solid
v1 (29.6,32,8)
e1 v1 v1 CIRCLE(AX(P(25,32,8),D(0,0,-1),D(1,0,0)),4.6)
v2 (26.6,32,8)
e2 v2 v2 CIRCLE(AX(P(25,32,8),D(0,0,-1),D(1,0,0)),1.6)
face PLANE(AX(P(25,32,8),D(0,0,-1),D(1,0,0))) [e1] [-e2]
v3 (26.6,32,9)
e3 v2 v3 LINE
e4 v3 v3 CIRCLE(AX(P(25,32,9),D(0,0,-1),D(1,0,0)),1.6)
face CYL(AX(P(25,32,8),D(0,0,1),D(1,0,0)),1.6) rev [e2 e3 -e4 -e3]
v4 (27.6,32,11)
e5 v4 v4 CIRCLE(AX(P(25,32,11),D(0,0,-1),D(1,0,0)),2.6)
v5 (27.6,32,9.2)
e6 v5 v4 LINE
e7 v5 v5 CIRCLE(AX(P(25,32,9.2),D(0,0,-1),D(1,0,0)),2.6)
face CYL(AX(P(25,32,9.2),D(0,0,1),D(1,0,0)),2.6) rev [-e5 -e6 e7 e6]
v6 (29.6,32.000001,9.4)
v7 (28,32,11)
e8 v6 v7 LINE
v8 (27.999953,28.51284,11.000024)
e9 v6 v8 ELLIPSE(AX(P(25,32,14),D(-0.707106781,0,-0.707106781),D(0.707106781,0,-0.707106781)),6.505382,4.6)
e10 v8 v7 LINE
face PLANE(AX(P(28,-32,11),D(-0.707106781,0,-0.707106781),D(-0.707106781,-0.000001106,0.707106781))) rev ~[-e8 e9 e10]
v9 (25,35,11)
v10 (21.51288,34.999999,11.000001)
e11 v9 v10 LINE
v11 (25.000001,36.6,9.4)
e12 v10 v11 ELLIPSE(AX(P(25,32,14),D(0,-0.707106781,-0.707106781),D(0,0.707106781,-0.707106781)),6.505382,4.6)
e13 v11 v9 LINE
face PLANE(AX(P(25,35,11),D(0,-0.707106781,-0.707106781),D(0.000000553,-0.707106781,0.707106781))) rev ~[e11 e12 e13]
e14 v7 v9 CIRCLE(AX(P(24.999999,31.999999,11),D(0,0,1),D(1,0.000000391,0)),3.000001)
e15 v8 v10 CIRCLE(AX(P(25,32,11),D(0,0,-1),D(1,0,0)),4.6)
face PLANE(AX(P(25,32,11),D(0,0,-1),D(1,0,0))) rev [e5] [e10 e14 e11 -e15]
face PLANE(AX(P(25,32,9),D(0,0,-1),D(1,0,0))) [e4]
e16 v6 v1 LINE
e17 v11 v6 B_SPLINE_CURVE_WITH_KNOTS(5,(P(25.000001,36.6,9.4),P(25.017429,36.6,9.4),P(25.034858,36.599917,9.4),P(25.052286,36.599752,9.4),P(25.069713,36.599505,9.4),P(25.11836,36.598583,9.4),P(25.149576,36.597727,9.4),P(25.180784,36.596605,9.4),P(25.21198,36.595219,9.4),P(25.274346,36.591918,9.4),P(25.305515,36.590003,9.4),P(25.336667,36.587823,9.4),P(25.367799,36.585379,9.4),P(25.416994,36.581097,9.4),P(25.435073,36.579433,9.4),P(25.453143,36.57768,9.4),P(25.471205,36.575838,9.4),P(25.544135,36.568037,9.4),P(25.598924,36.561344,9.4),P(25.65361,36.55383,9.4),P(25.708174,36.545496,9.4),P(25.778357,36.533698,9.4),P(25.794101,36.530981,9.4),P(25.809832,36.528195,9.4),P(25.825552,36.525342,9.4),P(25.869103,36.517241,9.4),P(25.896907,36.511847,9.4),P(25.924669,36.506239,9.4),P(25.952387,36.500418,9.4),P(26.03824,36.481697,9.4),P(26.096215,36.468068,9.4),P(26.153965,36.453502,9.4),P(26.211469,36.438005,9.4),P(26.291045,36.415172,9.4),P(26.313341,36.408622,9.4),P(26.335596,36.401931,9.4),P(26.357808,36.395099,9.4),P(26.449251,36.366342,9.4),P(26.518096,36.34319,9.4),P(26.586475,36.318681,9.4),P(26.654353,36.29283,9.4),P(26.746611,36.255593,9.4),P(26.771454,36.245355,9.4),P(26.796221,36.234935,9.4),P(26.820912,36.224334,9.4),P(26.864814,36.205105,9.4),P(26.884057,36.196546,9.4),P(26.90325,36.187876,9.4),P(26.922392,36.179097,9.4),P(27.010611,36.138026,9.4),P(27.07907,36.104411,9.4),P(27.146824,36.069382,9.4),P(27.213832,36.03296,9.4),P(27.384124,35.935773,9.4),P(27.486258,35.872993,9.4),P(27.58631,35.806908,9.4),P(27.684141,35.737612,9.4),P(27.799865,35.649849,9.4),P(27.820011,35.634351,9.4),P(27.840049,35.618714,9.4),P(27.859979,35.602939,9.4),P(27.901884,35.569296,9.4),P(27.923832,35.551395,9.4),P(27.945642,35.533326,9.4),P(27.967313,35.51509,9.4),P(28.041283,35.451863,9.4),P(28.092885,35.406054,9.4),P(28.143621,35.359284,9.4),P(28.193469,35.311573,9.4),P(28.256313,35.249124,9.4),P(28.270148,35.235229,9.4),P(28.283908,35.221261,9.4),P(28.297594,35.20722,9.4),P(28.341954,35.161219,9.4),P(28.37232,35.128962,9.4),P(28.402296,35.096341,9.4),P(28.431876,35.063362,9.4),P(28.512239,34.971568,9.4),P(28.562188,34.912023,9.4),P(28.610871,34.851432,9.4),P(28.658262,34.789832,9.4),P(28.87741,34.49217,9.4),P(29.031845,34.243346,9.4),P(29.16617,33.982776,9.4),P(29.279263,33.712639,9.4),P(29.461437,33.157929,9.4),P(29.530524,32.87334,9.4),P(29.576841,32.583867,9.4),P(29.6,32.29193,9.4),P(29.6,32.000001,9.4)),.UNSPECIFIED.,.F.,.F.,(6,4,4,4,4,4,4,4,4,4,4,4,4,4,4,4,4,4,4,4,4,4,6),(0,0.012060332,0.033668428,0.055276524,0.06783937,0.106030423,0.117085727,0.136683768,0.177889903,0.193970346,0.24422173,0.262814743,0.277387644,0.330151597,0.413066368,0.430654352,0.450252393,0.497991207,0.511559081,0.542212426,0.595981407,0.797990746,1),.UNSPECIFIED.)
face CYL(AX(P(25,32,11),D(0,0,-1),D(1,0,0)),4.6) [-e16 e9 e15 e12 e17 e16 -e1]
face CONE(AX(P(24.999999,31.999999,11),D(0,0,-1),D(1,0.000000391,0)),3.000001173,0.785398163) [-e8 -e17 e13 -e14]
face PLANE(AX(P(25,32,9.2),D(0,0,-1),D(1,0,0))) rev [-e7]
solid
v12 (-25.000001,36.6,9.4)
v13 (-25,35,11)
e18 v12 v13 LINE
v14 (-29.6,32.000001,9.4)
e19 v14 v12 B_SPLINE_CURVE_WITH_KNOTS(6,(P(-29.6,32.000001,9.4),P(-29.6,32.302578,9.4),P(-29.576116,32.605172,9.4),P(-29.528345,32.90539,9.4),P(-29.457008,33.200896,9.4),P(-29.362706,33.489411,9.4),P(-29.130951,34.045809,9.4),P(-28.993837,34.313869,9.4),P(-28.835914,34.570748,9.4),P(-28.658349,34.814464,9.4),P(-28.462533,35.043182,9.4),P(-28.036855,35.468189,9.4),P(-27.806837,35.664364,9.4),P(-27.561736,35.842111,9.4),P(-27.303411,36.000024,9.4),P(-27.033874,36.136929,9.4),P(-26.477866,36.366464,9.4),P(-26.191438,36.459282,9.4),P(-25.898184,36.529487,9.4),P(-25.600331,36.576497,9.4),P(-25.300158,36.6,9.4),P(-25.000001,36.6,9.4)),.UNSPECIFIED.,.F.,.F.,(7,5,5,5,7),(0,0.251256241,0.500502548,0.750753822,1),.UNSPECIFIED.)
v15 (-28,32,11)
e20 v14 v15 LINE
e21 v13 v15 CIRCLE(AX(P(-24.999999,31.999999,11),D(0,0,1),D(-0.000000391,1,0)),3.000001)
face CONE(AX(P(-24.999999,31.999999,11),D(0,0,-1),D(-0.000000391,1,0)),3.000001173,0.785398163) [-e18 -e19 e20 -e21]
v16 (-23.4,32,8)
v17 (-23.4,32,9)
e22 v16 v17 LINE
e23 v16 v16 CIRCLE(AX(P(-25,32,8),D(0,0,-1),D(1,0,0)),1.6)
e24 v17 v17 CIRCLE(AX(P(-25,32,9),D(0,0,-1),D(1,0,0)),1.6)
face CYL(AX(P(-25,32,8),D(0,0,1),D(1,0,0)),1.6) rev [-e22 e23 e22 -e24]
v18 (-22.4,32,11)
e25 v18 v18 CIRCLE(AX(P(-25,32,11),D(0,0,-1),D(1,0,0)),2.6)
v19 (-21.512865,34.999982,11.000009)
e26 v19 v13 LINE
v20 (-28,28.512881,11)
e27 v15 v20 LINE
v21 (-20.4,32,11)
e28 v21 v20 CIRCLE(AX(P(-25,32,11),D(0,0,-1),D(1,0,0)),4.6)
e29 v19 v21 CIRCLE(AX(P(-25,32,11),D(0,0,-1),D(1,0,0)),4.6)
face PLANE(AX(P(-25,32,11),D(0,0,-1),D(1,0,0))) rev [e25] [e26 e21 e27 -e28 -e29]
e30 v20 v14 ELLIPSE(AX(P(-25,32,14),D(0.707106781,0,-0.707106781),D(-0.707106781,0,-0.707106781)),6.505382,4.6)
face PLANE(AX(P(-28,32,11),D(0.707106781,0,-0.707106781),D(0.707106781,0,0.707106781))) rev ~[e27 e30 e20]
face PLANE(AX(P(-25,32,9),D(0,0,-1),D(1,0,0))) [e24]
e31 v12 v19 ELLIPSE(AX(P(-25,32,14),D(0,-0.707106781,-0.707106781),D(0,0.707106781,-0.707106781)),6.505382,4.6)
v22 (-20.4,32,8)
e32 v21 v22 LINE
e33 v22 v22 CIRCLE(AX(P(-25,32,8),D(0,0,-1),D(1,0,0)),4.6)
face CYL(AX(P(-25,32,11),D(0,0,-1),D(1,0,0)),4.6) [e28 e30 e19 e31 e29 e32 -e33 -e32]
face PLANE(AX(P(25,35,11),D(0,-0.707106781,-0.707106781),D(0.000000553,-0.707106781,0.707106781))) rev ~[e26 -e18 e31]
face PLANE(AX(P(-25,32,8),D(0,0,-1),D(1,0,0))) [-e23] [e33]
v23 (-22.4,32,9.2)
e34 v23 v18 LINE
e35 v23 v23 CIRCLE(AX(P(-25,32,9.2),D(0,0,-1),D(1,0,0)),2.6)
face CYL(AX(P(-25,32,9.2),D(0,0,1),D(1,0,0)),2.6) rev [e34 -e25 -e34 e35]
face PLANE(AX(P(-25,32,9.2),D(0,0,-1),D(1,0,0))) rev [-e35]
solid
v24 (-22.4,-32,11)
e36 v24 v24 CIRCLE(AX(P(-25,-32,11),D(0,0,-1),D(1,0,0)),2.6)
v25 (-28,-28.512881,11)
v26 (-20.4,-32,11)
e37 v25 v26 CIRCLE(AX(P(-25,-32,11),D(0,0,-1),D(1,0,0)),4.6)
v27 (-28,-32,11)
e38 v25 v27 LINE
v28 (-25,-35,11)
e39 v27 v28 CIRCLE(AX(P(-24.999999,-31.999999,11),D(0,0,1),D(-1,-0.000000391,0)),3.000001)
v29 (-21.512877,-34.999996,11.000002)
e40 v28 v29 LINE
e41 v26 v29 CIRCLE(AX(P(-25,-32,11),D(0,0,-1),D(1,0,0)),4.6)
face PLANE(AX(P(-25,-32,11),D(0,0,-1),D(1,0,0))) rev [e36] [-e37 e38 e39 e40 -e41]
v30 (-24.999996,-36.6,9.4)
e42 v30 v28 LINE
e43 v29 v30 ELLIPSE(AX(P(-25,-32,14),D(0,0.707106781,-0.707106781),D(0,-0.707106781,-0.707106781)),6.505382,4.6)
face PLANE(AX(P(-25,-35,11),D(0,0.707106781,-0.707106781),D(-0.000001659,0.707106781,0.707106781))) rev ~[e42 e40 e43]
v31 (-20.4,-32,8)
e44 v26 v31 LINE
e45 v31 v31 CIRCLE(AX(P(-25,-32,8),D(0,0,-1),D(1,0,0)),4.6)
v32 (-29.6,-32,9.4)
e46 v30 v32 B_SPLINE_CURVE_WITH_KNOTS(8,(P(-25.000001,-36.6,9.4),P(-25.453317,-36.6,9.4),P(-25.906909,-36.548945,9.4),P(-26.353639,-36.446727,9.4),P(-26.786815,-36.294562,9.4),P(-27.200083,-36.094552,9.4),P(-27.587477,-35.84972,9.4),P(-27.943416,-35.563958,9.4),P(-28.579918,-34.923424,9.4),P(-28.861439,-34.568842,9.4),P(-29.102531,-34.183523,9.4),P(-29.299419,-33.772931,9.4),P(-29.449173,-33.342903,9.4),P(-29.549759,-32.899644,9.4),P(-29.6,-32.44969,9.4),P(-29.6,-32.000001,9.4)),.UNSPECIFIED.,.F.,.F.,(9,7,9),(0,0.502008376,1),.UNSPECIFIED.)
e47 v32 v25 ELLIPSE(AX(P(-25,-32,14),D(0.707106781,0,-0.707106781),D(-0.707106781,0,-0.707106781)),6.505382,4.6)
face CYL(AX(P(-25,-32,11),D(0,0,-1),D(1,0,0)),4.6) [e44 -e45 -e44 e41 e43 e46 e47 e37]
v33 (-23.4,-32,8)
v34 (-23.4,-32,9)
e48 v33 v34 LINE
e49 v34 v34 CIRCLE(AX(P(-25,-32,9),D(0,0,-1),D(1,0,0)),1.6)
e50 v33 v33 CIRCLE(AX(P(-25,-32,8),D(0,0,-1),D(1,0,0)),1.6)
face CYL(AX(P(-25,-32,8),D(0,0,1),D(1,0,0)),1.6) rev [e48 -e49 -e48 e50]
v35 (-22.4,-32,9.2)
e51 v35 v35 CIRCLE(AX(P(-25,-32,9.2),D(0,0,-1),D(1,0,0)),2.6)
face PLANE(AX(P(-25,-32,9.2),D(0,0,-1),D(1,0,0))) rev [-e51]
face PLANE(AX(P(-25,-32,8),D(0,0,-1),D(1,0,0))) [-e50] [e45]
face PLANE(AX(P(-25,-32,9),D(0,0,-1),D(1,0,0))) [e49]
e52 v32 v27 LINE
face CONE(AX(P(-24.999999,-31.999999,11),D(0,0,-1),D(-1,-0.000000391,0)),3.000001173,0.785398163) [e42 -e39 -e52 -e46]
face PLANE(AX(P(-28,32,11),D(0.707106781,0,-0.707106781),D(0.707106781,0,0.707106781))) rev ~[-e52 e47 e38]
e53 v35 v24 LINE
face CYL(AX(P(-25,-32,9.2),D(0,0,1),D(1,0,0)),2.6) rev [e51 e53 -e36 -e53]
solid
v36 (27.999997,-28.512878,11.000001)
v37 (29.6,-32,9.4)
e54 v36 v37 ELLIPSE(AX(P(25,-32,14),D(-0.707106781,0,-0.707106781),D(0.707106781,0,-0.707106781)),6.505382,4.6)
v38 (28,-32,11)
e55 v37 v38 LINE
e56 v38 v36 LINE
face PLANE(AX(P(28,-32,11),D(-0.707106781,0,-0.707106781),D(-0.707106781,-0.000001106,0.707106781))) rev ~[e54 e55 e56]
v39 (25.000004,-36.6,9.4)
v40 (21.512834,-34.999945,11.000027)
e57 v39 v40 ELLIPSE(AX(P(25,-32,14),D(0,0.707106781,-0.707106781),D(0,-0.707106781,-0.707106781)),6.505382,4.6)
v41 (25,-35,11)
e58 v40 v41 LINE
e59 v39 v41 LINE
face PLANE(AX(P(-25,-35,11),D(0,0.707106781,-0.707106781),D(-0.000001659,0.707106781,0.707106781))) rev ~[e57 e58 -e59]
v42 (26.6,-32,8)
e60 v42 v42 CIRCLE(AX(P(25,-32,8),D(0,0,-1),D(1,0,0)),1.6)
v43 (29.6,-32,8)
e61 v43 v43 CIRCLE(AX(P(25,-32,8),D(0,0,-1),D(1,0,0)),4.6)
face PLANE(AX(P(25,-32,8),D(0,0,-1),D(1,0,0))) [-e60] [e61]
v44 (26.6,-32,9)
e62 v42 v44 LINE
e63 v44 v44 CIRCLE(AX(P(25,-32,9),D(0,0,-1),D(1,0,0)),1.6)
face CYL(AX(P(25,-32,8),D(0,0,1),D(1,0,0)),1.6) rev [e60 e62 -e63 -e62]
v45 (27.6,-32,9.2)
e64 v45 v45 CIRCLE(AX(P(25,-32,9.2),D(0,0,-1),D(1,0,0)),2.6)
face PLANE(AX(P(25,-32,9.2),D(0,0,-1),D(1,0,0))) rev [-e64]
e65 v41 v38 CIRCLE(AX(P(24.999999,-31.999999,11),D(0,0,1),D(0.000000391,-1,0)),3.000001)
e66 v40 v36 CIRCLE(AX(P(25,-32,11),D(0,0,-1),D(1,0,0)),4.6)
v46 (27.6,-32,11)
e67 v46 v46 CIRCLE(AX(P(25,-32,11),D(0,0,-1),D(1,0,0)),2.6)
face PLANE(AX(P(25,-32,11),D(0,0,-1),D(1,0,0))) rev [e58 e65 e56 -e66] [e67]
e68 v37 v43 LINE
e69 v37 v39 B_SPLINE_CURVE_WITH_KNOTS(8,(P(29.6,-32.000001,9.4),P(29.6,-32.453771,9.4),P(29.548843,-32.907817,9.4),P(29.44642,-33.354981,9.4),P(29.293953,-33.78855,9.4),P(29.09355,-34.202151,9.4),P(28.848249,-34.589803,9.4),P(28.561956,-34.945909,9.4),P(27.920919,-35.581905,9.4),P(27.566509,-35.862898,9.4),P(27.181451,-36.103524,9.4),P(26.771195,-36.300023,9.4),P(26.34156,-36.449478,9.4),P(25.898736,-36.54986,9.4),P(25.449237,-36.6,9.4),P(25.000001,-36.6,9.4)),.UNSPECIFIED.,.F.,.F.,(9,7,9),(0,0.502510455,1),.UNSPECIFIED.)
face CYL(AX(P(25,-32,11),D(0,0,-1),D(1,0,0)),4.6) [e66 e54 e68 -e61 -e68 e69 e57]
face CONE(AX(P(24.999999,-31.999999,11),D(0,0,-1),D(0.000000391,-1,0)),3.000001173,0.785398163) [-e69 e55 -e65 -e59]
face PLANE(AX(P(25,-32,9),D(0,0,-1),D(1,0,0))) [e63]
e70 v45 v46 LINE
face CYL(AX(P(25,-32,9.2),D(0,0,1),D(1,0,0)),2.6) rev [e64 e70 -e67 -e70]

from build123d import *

# Parameters (mm, degrees)
REVOLVE_PLACEMENT_ANGLE = 180


with BuildPart() as bevel005:
    # Sweep002: sweep along a path in Sketch041
    with BuildLine(Plane(origin=(0, 0, -2), x_dir=(1, 0, 0), z_dir=(0, 0, -1))) as sweep002_path:
        Line((-25, 35), (25, 35))
        ThreePointArc((25, 35), (27.12132, 34.12132), (28, 32))
        Line((28, 32), (28, -32))
        ThreePointArc((28, -32), (27.12132, -34.12132), (25, -35))
        Line((25, -35), (-25, -35))
        ThreePointArc((-25, -35), (-27.12132, -34.12132), (-28, -32))
        Line((-28, -32), (-28, 32))
        ThreePointArc((-28, 32), (-27.12132, 34.12132), (-25, 35))
    # Sketch040 → Sweep002 (sweep)
    with BuildSketch(Plane.XZ):
        Polygon((-28, 11), (-30, 9), (-30, 1), (-28, -1), (-28, -2), (-33, -2), (-33, 12), (-28, 12), align=None)
    sweep(path=sweep002_path.line)


with BuildPart() as screw_hole_bottom:
    # Sketch033 → Revolve (revolve)
    with BuildSketch(Plane.XZ):
        Polygon((1.6, 3), (1.6, 2), (0, 2), (0, 1.8), (2.6, 1.8), (2.6, 0), (4.6, 0), (4.6, 3), align=None)
    revolve(axis=Axis((0, 0, 0), (0, 0, 1)))


with BuildPart() as screw_hole_bottom_1:
    # Revolve placement: moved
    add(screw_hole_bottom.part.moved(Location((-25, 32, 11))).rotate(Axis((-25, 32, 11), (1, 0, 0)), REVOLVE_PLACEMENT_ANGLE))


with BuildPart() as screw_hole_bottom002:
    # Body012 base: copy of screw hole bottom
    add(screw_hole_bottom_1.part)


with BuildPart() as screw_hole_bottom002_1:
    # Clone012 placement: moved
    add(screw_hole_bottom002.part.moved(Location((25, -32, 0))))


with BuildPart() as screw_hole_bottom002_2:
    # Body012 placement: moved
    add(screw_hole_bottom002_1.part.moved(Location((-25, -32, 0))))


with BuildPart() as screw_hole_bottom001:
    # Body011 base: copy of screw hole bottom
    add(screw_hole_bottom_1.part)


with BuildPart() as screw_hole_bottom001_1:
    # Clone011 placement: moved
    add(screw_hole_bottom001.part.moved(Location((25, -32, 0))))


with BuildPart() as screw_hole_bottom001_2:
    # Body011 placement: moved
    add(screw_hole_bottom001_1.part.moved(Location((25, -32, 0))))


with BuildPart() as cut030:
    # Body013 base: copy of screw hole bottom
    add(screw_hole_bottom_1.part)


with BuildPart() as cut030_1:
    # Clone013 placement: moved
    add(cut030.part.moved(Location((25, -32, 0))))


with BuildPart() as cut030_2:
    # Body013 placement: moved
    add(cut030_1.part.moved(Location((25, 32, 0))))

    # Fusion027: union screw hole bottom002, screw hole bottom, screw hole bottom001
    add(screw_hole_bottom002_2.part)
    add(screw_hole_bottom_1.part)
    add(screw_hole_bottom001_2.part)

    # Cut030: cut bevel005
    add(bevel005.part, mode=Mode.SUBTRACT)


solid = cut030_2.part
